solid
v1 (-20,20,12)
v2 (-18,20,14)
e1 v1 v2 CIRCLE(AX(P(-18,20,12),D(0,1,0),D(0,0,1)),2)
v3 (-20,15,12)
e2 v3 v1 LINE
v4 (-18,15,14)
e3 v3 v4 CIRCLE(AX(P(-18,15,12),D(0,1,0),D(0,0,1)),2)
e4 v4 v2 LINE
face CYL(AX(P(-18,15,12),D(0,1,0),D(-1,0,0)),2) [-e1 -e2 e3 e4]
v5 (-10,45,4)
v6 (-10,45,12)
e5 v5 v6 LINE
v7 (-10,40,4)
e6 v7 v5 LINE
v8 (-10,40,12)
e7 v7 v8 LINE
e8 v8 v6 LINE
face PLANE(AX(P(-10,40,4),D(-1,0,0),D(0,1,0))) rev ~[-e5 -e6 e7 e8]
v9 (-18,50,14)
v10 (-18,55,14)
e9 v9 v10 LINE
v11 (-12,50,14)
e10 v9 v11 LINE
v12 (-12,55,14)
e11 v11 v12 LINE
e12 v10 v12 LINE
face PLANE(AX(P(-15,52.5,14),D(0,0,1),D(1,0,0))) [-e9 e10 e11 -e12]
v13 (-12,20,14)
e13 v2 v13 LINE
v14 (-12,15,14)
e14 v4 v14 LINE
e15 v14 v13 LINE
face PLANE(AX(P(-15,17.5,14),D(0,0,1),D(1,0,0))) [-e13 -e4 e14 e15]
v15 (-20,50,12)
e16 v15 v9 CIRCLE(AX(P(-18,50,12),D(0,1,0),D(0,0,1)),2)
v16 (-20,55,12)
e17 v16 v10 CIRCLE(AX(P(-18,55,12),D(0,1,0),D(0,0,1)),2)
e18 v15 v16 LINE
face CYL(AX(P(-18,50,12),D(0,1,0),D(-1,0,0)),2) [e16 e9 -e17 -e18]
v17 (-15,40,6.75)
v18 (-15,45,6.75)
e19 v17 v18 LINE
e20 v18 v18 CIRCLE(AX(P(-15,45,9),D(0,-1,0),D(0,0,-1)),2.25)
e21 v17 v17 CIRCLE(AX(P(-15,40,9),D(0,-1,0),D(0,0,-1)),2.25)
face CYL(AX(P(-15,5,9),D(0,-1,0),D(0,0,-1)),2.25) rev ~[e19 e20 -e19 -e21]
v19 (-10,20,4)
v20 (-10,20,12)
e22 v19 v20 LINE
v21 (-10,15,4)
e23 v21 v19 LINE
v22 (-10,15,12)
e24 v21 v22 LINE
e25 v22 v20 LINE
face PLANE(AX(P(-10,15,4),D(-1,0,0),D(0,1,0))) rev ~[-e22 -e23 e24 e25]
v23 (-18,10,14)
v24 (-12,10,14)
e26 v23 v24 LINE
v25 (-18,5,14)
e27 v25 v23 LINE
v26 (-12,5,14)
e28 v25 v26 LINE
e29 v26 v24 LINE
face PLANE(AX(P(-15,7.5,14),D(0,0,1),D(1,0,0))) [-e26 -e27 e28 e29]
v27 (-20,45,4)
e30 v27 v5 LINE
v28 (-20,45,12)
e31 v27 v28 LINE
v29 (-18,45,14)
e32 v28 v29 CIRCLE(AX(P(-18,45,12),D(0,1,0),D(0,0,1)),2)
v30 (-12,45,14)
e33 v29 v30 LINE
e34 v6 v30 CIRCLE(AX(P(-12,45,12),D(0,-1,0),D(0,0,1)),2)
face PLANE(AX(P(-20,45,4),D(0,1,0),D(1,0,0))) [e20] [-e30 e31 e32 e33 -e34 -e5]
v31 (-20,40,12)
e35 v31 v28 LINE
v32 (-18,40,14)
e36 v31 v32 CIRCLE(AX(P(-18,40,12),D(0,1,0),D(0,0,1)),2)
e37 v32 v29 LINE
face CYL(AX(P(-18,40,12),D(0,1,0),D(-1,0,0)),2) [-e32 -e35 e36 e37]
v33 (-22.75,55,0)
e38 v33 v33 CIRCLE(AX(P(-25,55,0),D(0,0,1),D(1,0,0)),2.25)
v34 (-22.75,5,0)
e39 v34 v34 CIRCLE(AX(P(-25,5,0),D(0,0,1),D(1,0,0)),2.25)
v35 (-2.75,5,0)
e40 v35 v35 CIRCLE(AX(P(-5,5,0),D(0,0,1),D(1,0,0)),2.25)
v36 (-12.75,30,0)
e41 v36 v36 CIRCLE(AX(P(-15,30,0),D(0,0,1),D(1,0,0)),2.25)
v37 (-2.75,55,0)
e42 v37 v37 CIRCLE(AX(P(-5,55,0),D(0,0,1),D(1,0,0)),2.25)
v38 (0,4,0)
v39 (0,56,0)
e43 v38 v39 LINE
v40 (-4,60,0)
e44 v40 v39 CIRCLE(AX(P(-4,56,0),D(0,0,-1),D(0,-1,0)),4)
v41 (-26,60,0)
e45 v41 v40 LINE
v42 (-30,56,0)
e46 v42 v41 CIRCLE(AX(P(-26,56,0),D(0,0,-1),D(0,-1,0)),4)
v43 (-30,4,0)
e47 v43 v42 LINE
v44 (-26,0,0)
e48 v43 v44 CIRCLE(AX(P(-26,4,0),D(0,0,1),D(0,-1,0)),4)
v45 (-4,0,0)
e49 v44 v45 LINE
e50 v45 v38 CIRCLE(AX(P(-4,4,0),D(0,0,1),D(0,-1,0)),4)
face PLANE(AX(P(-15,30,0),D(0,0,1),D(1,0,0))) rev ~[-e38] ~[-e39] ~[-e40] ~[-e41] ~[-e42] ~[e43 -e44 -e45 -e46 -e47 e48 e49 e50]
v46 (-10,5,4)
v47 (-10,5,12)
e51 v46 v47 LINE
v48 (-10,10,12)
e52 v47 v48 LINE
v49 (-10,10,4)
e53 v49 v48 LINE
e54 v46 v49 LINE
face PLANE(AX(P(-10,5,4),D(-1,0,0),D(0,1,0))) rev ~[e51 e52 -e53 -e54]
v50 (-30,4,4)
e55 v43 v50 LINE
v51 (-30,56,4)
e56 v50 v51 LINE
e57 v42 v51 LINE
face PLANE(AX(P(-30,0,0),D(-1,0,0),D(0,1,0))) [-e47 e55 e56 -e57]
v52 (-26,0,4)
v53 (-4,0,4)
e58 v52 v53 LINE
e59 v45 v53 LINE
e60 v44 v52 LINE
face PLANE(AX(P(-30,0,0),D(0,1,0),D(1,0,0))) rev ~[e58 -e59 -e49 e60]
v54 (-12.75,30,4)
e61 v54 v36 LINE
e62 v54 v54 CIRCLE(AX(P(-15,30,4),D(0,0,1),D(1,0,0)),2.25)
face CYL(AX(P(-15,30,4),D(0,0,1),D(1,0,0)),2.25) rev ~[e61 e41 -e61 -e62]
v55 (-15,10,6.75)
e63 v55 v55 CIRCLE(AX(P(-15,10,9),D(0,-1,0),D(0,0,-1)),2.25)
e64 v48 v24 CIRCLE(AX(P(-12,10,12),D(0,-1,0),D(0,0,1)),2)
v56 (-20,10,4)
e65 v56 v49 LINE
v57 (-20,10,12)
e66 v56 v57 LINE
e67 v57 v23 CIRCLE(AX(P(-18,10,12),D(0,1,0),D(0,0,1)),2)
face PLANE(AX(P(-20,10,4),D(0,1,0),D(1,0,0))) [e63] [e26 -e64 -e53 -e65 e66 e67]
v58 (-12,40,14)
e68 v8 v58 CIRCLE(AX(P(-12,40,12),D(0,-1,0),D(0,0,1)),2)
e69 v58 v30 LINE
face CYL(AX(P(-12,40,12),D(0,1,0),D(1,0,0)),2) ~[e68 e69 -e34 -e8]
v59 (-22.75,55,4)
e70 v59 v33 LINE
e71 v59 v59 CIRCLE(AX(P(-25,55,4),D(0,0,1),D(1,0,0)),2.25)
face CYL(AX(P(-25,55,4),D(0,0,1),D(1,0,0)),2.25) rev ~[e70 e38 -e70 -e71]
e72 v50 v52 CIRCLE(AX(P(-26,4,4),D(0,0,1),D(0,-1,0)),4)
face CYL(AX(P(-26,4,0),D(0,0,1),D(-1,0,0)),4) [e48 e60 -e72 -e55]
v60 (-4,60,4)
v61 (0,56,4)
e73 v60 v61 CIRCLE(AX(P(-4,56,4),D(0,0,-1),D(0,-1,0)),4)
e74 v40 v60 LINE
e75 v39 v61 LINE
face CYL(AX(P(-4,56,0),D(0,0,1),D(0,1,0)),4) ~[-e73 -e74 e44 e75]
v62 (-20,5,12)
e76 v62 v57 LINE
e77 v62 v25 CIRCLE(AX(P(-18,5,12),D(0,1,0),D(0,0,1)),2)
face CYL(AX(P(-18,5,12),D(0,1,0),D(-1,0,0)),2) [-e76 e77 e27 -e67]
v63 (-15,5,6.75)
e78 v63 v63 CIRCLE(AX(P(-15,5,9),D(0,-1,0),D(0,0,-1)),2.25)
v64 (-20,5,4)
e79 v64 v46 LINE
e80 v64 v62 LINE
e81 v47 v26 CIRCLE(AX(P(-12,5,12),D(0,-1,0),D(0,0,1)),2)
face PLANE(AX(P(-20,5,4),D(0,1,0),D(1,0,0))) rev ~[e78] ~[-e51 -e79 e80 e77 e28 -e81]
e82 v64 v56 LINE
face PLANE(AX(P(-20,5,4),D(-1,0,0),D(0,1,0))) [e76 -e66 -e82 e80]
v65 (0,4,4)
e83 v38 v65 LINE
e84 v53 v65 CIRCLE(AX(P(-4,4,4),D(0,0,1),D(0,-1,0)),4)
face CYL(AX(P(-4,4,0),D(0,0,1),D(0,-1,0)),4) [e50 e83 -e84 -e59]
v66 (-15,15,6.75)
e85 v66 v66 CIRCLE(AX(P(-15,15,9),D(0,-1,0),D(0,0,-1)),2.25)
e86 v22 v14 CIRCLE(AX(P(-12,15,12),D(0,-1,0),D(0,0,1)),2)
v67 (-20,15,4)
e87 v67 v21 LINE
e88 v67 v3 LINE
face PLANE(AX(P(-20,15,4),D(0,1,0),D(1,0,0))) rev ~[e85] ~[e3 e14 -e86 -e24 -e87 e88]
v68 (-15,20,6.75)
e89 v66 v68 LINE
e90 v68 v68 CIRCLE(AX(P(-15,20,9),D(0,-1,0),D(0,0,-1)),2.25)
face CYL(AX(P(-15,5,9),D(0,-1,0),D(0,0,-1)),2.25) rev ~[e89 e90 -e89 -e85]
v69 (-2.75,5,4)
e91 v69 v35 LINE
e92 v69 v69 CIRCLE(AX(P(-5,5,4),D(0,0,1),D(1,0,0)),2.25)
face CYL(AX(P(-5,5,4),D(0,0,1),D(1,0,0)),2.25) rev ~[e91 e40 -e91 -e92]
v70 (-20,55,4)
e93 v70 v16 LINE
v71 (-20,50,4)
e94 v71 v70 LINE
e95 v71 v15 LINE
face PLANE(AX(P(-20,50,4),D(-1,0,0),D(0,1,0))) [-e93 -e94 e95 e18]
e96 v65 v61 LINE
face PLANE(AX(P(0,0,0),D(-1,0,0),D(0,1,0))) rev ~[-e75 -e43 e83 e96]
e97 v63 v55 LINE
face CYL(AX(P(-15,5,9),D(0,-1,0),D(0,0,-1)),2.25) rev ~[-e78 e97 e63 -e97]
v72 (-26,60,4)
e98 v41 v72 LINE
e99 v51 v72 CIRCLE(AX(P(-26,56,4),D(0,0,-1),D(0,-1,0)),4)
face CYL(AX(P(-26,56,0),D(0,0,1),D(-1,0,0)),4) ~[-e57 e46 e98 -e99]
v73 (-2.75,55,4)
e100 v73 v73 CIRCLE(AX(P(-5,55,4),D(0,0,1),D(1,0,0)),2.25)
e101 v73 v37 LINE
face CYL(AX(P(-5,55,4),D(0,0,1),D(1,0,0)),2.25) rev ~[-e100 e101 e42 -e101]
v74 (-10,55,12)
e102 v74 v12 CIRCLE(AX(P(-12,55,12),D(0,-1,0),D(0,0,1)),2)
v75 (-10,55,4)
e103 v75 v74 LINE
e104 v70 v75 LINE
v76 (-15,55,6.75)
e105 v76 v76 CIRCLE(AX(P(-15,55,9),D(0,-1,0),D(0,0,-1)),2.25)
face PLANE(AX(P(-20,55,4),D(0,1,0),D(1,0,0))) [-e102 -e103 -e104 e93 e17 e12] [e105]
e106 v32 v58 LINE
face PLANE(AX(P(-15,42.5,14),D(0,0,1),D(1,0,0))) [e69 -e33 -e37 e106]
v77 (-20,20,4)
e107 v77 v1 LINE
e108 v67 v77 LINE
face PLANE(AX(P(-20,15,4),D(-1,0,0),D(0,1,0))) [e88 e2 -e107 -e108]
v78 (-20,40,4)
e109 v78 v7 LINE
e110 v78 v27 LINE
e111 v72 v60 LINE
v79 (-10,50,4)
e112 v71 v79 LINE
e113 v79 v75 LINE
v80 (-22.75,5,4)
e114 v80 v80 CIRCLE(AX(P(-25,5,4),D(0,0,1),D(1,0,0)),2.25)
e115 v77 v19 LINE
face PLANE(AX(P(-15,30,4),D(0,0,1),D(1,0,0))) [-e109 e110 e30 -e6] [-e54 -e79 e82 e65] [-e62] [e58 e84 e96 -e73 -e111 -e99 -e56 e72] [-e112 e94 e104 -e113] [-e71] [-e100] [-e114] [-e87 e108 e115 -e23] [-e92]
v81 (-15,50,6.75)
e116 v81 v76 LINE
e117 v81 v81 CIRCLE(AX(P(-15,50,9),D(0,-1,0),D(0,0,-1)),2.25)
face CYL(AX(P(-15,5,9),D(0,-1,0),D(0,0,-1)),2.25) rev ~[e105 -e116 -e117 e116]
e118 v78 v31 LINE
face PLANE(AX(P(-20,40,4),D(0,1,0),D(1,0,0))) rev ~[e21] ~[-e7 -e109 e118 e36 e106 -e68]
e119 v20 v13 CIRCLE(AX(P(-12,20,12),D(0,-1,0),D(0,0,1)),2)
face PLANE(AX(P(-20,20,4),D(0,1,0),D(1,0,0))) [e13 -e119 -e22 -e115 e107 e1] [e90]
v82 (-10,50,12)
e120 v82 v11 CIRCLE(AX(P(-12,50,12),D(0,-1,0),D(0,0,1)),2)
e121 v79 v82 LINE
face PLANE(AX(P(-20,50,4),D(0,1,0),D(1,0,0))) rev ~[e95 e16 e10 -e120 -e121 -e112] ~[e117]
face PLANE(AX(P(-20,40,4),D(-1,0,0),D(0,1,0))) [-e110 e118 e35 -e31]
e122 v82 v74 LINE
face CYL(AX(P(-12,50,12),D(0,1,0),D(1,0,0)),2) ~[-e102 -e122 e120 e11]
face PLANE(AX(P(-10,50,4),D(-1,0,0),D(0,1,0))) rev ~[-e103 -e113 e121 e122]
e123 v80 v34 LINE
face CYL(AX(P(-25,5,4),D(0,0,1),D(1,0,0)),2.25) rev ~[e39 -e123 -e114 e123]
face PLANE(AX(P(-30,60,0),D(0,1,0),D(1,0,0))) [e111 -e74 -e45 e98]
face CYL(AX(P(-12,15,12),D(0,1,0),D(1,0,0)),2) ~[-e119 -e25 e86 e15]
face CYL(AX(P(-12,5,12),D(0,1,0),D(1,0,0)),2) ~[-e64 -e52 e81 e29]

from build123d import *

# Parameters (mm, degrees)
ESQUISSE1_W             = 30
ESQUISSE1_H             = 60
BOSS_EXTRU_1_DEPTH      = 4
ESQUISSE2_W             = 10
ESQUISSE2_H             = 5
BOSS_EXTRU_2_DEPTH      = 10
ESQUISSE3_R             = 2.25
ENL_V_MAT_EXTRU_1_DEPTH = 56
CONG_1_R                = 2
CONG_2_R                = 4
ESQUISSE4_R             = 2.25
ENL_V_MAT_EXTRU_2_DEPTH = 5


with BuildPart() as part:
    # Esquisse1 → Boss.-Extru.1 (new body)
    with BuildSketch(Plane.XY):
        with Locations((-15, 30)):
            Rectangle(ESQUISSE1_W, ESQUISSE1_H)
    extrude(amount=BOSS_EXTRU_1_DEPTH)

    # Esquisse2 → Boss.-Extru.2 (add)
    with BuildSketch(Plane.XY.offset(4)):
        with Locations((-15, 52.5)):
            Rectangle(ESQUISSE2_W, ESQUISSE2_H)
        with Locations((-15, 42.5)):
            Rectangle(ESQUISSE2_W, ESQUISSE2_H)
        with Locations((-15, 17.5)):
            Rectangle(ESQUISSE2_W, ESQUISSE2_H)
        with Locations((-15, 7.5)):
            Rectangle(ESQUISSE2_W, ESQUISSE2_H)
    extrude(amount=BOSS_EXTRU_2_DEPTH)

    # Esquisse3 → Enlèv. mat.-Extru.1 (cut, through all)
    with BuildSketch(Plane.XZ.offset(-5)):
        with Locations(Location((-15, 9, 0), (0, 0, 270))):  # turned: the seam where the file's is
            Circle(ESQUISSE3_R)
    extrude(amount=-ENL_V_MAT_EXTRU_1_DEPTH, mode=Mode.SUBTRACT)

    # Congé1
    cong_1_edges = [part.edges().sort_by_distance(p)[0] for p in [
        (-20, 52.5, 14),
        (-10, 52.5, 14),
        (-20, 42.5, 14),
        (-10, 42.5, 14),
        (-20, 17.5, 14),
        (-10, 17.5, 14),
        (-20, 7.5, 14),
        (-10, 7.5, 14),
    ]]
    fillet(cong_1_edges, radius=CONG_1_R)

    # Congé2
    cong_2_edges = [part.edges().sort_by_distance(p)[0] for p in [
        (-30, 60, 2),
        (0, 60, 2),
        (0, 0, 2),
        (-30, 0, 2),
    ]]
    fillet(cong_2_edges, radius=CONG_2_R)

    # Esquisse4 → Enlèv. mat.-Extru.2 (cut, through all)
    with BuildSketch(Plane.XY.offset(4)):
        with Locations((-5, 55)):
            Circle(ESQUISSE4_R)
        with Locations((-25, 55)):
            Circle(ESQUISSE4_R)
        with Locations((-5, 5)):
            Circle(ESQUISSE4_R)
        with Locations((-25, 5)):
            Circle(ESQUISSE4_R)
        with Locations((-15, 30)):
            Circle(ESQUISSE4_R)
    extrude(amount=-ENL_V_MAT_EXTRU_2_DEPTH, mode=Mode.SUBTRACT)


solid = part.part
